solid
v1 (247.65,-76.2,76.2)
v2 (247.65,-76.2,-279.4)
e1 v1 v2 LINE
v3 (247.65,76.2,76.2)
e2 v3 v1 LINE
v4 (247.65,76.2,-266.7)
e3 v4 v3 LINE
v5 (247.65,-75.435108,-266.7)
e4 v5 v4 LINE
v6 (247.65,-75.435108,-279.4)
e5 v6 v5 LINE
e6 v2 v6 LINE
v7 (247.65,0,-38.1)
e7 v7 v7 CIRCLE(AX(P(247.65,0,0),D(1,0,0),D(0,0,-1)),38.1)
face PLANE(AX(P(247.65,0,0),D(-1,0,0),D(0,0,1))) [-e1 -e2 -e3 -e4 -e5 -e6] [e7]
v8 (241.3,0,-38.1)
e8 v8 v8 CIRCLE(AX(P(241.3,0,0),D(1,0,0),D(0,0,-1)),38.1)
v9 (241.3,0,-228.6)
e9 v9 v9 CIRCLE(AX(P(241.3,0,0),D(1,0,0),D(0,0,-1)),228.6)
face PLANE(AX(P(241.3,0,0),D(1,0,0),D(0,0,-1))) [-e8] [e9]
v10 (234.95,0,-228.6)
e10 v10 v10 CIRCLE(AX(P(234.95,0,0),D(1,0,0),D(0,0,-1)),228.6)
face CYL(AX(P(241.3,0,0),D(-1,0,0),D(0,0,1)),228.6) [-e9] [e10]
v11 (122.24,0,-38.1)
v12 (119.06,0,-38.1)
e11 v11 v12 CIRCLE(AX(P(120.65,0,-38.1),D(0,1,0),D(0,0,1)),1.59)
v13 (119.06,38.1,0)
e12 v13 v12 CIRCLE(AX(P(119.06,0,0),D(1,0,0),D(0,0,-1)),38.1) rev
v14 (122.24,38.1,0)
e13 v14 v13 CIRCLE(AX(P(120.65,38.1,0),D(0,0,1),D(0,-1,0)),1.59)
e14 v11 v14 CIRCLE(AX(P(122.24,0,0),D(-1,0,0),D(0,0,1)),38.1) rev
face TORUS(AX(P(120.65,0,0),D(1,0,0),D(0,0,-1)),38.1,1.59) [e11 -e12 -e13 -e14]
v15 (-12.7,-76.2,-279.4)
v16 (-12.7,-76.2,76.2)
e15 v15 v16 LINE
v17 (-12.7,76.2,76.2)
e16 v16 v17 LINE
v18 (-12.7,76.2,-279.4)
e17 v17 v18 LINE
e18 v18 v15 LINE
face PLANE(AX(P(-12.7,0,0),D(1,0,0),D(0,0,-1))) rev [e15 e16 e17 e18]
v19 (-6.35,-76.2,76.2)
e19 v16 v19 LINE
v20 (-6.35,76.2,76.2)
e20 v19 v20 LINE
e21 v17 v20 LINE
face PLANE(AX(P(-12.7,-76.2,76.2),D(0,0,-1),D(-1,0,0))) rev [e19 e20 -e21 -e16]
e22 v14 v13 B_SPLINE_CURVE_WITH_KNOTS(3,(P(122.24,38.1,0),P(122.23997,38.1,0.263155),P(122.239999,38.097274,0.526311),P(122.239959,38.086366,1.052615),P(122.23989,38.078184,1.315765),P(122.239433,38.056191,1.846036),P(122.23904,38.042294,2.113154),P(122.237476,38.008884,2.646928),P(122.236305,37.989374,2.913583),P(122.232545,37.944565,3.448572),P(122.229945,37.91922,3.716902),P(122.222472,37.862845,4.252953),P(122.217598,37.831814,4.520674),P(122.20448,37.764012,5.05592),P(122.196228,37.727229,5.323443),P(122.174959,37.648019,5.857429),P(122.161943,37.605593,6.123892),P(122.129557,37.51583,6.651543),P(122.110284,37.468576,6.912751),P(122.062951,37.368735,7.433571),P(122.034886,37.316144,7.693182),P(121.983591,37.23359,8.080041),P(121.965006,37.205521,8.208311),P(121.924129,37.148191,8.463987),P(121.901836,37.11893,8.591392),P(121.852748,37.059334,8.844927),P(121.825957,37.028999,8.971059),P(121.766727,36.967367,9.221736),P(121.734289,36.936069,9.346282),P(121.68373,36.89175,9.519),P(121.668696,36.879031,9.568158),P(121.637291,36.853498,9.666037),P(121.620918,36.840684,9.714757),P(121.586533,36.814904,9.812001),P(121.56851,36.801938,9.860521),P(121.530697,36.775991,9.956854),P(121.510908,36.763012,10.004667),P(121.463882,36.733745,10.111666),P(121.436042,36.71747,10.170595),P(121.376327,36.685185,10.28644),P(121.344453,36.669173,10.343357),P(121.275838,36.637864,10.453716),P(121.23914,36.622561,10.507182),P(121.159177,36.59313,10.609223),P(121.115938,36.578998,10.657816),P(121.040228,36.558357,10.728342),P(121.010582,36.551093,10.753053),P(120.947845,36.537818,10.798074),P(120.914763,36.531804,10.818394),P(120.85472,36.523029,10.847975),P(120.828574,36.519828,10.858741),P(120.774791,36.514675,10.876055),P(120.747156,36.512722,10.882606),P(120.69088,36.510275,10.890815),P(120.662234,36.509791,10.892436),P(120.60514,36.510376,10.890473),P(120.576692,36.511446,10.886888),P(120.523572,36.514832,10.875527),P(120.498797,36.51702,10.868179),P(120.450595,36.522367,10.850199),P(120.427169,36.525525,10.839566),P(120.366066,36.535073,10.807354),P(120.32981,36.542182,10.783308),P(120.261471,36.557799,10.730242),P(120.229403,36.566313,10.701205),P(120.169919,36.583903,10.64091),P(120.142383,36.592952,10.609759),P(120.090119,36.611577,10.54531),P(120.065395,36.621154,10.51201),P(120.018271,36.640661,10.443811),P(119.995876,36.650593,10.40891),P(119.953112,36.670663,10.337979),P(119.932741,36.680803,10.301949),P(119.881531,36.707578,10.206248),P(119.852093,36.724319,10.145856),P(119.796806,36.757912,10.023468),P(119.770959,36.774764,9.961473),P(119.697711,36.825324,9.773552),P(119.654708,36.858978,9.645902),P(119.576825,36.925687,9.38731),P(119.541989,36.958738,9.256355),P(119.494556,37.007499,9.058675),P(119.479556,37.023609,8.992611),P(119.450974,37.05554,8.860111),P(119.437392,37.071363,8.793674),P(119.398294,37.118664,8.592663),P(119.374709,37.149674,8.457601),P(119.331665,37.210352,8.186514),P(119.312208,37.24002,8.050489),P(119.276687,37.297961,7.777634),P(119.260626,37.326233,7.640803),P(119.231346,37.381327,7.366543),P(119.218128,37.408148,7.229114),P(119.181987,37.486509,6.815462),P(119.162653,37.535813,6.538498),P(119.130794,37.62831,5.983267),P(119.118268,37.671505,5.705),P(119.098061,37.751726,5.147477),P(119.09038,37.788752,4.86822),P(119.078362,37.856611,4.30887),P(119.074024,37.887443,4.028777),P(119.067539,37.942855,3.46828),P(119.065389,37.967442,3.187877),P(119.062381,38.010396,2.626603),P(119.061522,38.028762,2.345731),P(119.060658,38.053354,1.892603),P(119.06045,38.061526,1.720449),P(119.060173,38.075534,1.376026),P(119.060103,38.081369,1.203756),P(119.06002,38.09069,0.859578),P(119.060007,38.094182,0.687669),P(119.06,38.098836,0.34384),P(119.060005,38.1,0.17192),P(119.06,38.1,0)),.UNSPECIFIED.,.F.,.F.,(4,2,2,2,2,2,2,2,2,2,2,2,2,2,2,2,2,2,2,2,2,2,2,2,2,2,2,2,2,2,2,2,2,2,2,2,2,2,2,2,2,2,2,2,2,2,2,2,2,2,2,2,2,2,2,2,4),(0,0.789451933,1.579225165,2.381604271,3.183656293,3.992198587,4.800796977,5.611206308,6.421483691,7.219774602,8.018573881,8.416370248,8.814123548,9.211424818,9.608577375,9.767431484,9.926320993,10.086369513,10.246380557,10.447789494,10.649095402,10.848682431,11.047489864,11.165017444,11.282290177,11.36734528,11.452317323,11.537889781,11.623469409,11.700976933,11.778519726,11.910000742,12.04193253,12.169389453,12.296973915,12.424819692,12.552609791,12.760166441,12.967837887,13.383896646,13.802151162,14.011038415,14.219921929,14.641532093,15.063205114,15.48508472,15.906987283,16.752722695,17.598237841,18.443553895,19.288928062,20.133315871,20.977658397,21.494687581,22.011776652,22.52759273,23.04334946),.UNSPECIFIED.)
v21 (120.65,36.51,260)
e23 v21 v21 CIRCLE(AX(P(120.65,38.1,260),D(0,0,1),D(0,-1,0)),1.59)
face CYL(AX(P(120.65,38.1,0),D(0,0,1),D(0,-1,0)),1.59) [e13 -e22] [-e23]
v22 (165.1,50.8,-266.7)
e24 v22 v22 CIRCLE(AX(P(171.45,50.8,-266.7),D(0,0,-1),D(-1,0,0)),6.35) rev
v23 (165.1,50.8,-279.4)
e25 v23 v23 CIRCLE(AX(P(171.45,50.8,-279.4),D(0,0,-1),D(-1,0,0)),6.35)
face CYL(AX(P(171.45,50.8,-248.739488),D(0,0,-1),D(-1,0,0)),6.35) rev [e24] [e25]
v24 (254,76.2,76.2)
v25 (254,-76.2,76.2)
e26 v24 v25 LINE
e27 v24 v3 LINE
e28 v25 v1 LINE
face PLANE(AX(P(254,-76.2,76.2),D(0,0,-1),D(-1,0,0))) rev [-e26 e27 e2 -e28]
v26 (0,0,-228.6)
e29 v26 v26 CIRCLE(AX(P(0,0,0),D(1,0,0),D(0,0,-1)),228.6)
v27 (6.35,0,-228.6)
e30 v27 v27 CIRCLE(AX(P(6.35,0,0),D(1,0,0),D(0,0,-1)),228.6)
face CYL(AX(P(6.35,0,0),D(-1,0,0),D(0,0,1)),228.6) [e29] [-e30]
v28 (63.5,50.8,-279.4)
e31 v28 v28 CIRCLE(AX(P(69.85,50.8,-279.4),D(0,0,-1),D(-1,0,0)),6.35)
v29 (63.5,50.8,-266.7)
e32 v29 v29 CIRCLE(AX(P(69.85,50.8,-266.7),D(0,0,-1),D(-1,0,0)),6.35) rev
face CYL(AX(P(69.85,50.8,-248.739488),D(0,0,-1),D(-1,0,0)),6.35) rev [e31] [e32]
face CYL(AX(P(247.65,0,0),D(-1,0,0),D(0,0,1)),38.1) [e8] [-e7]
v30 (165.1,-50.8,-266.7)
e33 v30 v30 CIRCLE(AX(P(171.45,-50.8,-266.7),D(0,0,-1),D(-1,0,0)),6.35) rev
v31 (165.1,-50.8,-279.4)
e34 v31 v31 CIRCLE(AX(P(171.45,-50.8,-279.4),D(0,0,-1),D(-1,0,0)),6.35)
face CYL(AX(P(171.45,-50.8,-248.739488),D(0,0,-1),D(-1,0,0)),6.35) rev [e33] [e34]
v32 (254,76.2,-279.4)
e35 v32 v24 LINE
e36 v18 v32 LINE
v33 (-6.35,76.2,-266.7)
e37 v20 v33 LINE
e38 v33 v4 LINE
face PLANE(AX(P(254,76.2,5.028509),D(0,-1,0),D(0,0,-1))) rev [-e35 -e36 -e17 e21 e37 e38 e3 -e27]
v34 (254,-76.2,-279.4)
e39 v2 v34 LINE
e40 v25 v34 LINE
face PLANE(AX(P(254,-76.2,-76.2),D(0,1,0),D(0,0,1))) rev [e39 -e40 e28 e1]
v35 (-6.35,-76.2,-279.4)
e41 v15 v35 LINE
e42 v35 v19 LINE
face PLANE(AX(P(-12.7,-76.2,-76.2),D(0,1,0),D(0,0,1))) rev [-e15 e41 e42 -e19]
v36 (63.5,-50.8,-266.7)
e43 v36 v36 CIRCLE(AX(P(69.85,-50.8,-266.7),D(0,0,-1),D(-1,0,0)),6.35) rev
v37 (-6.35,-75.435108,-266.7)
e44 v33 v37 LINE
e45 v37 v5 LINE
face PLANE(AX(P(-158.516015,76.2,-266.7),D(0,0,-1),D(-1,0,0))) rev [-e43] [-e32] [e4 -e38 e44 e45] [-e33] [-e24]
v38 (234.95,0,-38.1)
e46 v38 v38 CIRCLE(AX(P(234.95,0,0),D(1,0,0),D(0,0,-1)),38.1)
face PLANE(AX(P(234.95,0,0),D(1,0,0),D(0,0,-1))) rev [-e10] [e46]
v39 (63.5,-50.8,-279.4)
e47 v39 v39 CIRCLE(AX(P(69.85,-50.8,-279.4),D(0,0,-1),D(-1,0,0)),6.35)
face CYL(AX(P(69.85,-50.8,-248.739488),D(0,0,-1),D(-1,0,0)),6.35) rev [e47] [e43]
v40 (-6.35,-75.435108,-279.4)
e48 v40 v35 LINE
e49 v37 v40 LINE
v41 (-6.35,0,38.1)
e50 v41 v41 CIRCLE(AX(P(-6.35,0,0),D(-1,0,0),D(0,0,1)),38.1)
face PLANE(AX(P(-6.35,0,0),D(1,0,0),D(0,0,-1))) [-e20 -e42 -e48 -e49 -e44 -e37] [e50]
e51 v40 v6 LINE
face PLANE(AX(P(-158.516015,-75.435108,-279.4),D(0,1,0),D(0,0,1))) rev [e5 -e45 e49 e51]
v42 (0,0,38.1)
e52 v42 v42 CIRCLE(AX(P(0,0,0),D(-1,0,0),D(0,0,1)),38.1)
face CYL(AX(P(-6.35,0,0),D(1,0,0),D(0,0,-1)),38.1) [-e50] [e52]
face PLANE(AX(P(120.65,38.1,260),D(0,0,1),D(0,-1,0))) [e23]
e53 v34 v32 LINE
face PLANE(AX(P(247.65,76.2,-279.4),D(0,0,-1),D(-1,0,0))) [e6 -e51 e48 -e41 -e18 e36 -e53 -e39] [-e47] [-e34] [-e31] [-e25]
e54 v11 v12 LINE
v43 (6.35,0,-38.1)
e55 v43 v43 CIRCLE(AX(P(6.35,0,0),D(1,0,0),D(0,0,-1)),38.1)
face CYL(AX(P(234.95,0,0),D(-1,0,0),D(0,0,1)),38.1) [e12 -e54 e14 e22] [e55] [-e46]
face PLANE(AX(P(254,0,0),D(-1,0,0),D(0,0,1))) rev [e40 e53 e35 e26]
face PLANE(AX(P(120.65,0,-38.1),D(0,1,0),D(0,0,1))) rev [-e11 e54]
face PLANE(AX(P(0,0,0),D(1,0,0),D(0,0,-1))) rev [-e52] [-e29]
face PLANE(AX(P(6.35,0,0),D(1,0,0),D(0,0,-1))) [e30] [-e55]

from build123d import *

# Parameters (mm, degrees)
SKETCH1_R           = 228.6
BOSS_EXTRUDE1_DEPTH = 6.35
SKETCH2_R           = 38.1
BOSS_EXTRUDE2_DEPTH = 228.6
SKETCH3_R           = 228.6
BOSS_EXTRUDE3_DEPTH = 6.35
SKETCH4_R           = 38.1
BOSS_EXTRUDE4_DEPTH = 6.35
SKETCH5_R           = 38.1
BOSS_EXTRUDE5_DEPTH = 6.35
BOSS_EXTRUDE6_DEPTH = 6.35
SKETCH7_W           = 203.2
SKETCH7_H           = 152.4
BOSS_EXTRUDE7_DEPTH = 6.35
BOSS_EXTRUDE8_DEPTH = 6.35
SKETCH9_W           = 12.7
SKETCH9_H           = 151.635108104
BOSS_EXTRUDE9_DEPTH = 254
SKETCH10_R          = 6.35
CUT_EXTRUDE1_DEPTH  = 12.7
SKETCH13_R          = 1.59


with BuildPart() as part:
    # Sketch1 → Boss-Extrude1 (new body)
    with BuildSketch(Plane(origin=(0, 0, 0), x_dir=(0, 0, -1), z_dir=(1, 0, 0))):
        Circle(SKETCH1_R)
    extrude(amount=BOSS_EXTRUDE1_DEPTH)

    # Sketch2 → Boss-Extrude2 (add)
    with BuildSketch(Plane(origin=(6.35, 0, 0), x_dir=(0, 0, -1), z_dir=(1, 0, 0))):
        Circle(SKETCH2_R)
    extrude(amount=BOSS_EXTRUDE2_DEPTH)

    # Sketch3 → Boss-Extrude3 (add)
    with BuildSketch(Plane(origin=(234.95, 0, 0), x_dir=(0, 0, -1), z_dir=(1, 0, 0))):
        Circle(SKETCH3_R)
    extrude(amount=BOSS_EXTRUDE3_DEPTH)

    # Sketch4 → Boss-Extrude4 (add)
    with BuildSketch(Plane(origin=(241.3, 0, 0), x_dir=(0, 0, -1), z_dir=(1, 0, 0))):
        Circle(SKETCH4_R)
    extrude(amount=BOSS_EXTRUDE4_DEPTH)

    # Sketch5 → Boss-Extrude5 (add)
    with BuildSketch(Plane.ZY):
        Circle(SKETCH5_R)
    extrude(amount=BOSS_EXTRUDE5_DEPTH)

    # Sketch6 → Boss-Extrude6 (add)
    with BuildSketch(Plane(origin=(247.65, 0, 0), x_dir=(0, 0, -1), z_dir=(1, 0, 0))):
        Polygon((-76.2, -76.2), (-76.2, 0), (-76.2, 76.2), (-5.028509112, 76.2), (76.2, 76.2), (76.2, -76.2), align=None)
    extrude(amount=BOSS_EXTRUDE6_DEPTH)

    # Sketch7 → Boss-Extrude7 (add)
    with BuildSketch(Plane(origin=(254, 0, 0), x_dir=(0, 0, -1), z_dir=(1, 0, 0))):
        with Locations((177.8, 0)):
            Rectangle(SKETCH7_W, SKETCH7_H)
    extrude(amount=-BOSS_EXTRUDE7_DEPTH)

    # Sketch8 → Boss-Extrude8 (add)
    with BuildSketch(Plane.ZY.offset(6.35)):
        Polygon((-76.2, -76.2), (76.2, -76.2), (76.2, 76.2), (-76.2, 76.2), (-279.4, 76.2), (-279.4, -76.2), align=None)
    extrude(amount=BOSS_EXTRUDE8_DEPTH)

    # Sketch9 → Boss-Extrude9 (add)
    with BuildSketch(Plane.ZY.offset(-247.65)):
        with Locations((-273.05, 0.382445948)):
            Rectangle(SKETCH9_W, SKETCH9_H)
    extrude(amount=BOSS_EXTRUDE9_DEPTH)

    # Sketch10 → Cut-Extrude1 (cut)
    with BuildSketch(Plane(origin=(0, 0, -279.4), x_dir=(-1, 0, 0), z_dir=(0, 0, -1))):
        with Locations((-171.45, 50.8)):
            Circle(SKETCH10_R)
        with Locations((-69.85, 50.8)):
            Circle(SKETCH10_R)
        with Locations((-69.85, -50.8)):
            Circle(SKETCH10_R)
        with Locations((-171.45, -50.8)):
            Circle(SKETCH10_R)
    extrude(amount=-CUT_EXTRUDE1_DEPTH, mode=Mode.SUBTRACT)

    # Sweep1: sweep along a path in Sketch12
    with BuildLine(Plane.ZY.offset(-120.65)) as sweep1_path:
        Line((260, 38.1), (0, 38.1))
        ThreePointArc((0, 38.1), (-26.940768363, 26.940768363), (-38.1, 0))
    # Sketch13 → Sweep1 (sweep)
    with BuildSketch(Plane(origin=(0, 0, 0), x_dir=(1, 0, 0), z_dir=(0, 1, 0))):
        with Locations((120.65, 38.1)):
            Circle(SKETCH13_R)
    sweep(path=sweep1_path.line)


solid = part.part
